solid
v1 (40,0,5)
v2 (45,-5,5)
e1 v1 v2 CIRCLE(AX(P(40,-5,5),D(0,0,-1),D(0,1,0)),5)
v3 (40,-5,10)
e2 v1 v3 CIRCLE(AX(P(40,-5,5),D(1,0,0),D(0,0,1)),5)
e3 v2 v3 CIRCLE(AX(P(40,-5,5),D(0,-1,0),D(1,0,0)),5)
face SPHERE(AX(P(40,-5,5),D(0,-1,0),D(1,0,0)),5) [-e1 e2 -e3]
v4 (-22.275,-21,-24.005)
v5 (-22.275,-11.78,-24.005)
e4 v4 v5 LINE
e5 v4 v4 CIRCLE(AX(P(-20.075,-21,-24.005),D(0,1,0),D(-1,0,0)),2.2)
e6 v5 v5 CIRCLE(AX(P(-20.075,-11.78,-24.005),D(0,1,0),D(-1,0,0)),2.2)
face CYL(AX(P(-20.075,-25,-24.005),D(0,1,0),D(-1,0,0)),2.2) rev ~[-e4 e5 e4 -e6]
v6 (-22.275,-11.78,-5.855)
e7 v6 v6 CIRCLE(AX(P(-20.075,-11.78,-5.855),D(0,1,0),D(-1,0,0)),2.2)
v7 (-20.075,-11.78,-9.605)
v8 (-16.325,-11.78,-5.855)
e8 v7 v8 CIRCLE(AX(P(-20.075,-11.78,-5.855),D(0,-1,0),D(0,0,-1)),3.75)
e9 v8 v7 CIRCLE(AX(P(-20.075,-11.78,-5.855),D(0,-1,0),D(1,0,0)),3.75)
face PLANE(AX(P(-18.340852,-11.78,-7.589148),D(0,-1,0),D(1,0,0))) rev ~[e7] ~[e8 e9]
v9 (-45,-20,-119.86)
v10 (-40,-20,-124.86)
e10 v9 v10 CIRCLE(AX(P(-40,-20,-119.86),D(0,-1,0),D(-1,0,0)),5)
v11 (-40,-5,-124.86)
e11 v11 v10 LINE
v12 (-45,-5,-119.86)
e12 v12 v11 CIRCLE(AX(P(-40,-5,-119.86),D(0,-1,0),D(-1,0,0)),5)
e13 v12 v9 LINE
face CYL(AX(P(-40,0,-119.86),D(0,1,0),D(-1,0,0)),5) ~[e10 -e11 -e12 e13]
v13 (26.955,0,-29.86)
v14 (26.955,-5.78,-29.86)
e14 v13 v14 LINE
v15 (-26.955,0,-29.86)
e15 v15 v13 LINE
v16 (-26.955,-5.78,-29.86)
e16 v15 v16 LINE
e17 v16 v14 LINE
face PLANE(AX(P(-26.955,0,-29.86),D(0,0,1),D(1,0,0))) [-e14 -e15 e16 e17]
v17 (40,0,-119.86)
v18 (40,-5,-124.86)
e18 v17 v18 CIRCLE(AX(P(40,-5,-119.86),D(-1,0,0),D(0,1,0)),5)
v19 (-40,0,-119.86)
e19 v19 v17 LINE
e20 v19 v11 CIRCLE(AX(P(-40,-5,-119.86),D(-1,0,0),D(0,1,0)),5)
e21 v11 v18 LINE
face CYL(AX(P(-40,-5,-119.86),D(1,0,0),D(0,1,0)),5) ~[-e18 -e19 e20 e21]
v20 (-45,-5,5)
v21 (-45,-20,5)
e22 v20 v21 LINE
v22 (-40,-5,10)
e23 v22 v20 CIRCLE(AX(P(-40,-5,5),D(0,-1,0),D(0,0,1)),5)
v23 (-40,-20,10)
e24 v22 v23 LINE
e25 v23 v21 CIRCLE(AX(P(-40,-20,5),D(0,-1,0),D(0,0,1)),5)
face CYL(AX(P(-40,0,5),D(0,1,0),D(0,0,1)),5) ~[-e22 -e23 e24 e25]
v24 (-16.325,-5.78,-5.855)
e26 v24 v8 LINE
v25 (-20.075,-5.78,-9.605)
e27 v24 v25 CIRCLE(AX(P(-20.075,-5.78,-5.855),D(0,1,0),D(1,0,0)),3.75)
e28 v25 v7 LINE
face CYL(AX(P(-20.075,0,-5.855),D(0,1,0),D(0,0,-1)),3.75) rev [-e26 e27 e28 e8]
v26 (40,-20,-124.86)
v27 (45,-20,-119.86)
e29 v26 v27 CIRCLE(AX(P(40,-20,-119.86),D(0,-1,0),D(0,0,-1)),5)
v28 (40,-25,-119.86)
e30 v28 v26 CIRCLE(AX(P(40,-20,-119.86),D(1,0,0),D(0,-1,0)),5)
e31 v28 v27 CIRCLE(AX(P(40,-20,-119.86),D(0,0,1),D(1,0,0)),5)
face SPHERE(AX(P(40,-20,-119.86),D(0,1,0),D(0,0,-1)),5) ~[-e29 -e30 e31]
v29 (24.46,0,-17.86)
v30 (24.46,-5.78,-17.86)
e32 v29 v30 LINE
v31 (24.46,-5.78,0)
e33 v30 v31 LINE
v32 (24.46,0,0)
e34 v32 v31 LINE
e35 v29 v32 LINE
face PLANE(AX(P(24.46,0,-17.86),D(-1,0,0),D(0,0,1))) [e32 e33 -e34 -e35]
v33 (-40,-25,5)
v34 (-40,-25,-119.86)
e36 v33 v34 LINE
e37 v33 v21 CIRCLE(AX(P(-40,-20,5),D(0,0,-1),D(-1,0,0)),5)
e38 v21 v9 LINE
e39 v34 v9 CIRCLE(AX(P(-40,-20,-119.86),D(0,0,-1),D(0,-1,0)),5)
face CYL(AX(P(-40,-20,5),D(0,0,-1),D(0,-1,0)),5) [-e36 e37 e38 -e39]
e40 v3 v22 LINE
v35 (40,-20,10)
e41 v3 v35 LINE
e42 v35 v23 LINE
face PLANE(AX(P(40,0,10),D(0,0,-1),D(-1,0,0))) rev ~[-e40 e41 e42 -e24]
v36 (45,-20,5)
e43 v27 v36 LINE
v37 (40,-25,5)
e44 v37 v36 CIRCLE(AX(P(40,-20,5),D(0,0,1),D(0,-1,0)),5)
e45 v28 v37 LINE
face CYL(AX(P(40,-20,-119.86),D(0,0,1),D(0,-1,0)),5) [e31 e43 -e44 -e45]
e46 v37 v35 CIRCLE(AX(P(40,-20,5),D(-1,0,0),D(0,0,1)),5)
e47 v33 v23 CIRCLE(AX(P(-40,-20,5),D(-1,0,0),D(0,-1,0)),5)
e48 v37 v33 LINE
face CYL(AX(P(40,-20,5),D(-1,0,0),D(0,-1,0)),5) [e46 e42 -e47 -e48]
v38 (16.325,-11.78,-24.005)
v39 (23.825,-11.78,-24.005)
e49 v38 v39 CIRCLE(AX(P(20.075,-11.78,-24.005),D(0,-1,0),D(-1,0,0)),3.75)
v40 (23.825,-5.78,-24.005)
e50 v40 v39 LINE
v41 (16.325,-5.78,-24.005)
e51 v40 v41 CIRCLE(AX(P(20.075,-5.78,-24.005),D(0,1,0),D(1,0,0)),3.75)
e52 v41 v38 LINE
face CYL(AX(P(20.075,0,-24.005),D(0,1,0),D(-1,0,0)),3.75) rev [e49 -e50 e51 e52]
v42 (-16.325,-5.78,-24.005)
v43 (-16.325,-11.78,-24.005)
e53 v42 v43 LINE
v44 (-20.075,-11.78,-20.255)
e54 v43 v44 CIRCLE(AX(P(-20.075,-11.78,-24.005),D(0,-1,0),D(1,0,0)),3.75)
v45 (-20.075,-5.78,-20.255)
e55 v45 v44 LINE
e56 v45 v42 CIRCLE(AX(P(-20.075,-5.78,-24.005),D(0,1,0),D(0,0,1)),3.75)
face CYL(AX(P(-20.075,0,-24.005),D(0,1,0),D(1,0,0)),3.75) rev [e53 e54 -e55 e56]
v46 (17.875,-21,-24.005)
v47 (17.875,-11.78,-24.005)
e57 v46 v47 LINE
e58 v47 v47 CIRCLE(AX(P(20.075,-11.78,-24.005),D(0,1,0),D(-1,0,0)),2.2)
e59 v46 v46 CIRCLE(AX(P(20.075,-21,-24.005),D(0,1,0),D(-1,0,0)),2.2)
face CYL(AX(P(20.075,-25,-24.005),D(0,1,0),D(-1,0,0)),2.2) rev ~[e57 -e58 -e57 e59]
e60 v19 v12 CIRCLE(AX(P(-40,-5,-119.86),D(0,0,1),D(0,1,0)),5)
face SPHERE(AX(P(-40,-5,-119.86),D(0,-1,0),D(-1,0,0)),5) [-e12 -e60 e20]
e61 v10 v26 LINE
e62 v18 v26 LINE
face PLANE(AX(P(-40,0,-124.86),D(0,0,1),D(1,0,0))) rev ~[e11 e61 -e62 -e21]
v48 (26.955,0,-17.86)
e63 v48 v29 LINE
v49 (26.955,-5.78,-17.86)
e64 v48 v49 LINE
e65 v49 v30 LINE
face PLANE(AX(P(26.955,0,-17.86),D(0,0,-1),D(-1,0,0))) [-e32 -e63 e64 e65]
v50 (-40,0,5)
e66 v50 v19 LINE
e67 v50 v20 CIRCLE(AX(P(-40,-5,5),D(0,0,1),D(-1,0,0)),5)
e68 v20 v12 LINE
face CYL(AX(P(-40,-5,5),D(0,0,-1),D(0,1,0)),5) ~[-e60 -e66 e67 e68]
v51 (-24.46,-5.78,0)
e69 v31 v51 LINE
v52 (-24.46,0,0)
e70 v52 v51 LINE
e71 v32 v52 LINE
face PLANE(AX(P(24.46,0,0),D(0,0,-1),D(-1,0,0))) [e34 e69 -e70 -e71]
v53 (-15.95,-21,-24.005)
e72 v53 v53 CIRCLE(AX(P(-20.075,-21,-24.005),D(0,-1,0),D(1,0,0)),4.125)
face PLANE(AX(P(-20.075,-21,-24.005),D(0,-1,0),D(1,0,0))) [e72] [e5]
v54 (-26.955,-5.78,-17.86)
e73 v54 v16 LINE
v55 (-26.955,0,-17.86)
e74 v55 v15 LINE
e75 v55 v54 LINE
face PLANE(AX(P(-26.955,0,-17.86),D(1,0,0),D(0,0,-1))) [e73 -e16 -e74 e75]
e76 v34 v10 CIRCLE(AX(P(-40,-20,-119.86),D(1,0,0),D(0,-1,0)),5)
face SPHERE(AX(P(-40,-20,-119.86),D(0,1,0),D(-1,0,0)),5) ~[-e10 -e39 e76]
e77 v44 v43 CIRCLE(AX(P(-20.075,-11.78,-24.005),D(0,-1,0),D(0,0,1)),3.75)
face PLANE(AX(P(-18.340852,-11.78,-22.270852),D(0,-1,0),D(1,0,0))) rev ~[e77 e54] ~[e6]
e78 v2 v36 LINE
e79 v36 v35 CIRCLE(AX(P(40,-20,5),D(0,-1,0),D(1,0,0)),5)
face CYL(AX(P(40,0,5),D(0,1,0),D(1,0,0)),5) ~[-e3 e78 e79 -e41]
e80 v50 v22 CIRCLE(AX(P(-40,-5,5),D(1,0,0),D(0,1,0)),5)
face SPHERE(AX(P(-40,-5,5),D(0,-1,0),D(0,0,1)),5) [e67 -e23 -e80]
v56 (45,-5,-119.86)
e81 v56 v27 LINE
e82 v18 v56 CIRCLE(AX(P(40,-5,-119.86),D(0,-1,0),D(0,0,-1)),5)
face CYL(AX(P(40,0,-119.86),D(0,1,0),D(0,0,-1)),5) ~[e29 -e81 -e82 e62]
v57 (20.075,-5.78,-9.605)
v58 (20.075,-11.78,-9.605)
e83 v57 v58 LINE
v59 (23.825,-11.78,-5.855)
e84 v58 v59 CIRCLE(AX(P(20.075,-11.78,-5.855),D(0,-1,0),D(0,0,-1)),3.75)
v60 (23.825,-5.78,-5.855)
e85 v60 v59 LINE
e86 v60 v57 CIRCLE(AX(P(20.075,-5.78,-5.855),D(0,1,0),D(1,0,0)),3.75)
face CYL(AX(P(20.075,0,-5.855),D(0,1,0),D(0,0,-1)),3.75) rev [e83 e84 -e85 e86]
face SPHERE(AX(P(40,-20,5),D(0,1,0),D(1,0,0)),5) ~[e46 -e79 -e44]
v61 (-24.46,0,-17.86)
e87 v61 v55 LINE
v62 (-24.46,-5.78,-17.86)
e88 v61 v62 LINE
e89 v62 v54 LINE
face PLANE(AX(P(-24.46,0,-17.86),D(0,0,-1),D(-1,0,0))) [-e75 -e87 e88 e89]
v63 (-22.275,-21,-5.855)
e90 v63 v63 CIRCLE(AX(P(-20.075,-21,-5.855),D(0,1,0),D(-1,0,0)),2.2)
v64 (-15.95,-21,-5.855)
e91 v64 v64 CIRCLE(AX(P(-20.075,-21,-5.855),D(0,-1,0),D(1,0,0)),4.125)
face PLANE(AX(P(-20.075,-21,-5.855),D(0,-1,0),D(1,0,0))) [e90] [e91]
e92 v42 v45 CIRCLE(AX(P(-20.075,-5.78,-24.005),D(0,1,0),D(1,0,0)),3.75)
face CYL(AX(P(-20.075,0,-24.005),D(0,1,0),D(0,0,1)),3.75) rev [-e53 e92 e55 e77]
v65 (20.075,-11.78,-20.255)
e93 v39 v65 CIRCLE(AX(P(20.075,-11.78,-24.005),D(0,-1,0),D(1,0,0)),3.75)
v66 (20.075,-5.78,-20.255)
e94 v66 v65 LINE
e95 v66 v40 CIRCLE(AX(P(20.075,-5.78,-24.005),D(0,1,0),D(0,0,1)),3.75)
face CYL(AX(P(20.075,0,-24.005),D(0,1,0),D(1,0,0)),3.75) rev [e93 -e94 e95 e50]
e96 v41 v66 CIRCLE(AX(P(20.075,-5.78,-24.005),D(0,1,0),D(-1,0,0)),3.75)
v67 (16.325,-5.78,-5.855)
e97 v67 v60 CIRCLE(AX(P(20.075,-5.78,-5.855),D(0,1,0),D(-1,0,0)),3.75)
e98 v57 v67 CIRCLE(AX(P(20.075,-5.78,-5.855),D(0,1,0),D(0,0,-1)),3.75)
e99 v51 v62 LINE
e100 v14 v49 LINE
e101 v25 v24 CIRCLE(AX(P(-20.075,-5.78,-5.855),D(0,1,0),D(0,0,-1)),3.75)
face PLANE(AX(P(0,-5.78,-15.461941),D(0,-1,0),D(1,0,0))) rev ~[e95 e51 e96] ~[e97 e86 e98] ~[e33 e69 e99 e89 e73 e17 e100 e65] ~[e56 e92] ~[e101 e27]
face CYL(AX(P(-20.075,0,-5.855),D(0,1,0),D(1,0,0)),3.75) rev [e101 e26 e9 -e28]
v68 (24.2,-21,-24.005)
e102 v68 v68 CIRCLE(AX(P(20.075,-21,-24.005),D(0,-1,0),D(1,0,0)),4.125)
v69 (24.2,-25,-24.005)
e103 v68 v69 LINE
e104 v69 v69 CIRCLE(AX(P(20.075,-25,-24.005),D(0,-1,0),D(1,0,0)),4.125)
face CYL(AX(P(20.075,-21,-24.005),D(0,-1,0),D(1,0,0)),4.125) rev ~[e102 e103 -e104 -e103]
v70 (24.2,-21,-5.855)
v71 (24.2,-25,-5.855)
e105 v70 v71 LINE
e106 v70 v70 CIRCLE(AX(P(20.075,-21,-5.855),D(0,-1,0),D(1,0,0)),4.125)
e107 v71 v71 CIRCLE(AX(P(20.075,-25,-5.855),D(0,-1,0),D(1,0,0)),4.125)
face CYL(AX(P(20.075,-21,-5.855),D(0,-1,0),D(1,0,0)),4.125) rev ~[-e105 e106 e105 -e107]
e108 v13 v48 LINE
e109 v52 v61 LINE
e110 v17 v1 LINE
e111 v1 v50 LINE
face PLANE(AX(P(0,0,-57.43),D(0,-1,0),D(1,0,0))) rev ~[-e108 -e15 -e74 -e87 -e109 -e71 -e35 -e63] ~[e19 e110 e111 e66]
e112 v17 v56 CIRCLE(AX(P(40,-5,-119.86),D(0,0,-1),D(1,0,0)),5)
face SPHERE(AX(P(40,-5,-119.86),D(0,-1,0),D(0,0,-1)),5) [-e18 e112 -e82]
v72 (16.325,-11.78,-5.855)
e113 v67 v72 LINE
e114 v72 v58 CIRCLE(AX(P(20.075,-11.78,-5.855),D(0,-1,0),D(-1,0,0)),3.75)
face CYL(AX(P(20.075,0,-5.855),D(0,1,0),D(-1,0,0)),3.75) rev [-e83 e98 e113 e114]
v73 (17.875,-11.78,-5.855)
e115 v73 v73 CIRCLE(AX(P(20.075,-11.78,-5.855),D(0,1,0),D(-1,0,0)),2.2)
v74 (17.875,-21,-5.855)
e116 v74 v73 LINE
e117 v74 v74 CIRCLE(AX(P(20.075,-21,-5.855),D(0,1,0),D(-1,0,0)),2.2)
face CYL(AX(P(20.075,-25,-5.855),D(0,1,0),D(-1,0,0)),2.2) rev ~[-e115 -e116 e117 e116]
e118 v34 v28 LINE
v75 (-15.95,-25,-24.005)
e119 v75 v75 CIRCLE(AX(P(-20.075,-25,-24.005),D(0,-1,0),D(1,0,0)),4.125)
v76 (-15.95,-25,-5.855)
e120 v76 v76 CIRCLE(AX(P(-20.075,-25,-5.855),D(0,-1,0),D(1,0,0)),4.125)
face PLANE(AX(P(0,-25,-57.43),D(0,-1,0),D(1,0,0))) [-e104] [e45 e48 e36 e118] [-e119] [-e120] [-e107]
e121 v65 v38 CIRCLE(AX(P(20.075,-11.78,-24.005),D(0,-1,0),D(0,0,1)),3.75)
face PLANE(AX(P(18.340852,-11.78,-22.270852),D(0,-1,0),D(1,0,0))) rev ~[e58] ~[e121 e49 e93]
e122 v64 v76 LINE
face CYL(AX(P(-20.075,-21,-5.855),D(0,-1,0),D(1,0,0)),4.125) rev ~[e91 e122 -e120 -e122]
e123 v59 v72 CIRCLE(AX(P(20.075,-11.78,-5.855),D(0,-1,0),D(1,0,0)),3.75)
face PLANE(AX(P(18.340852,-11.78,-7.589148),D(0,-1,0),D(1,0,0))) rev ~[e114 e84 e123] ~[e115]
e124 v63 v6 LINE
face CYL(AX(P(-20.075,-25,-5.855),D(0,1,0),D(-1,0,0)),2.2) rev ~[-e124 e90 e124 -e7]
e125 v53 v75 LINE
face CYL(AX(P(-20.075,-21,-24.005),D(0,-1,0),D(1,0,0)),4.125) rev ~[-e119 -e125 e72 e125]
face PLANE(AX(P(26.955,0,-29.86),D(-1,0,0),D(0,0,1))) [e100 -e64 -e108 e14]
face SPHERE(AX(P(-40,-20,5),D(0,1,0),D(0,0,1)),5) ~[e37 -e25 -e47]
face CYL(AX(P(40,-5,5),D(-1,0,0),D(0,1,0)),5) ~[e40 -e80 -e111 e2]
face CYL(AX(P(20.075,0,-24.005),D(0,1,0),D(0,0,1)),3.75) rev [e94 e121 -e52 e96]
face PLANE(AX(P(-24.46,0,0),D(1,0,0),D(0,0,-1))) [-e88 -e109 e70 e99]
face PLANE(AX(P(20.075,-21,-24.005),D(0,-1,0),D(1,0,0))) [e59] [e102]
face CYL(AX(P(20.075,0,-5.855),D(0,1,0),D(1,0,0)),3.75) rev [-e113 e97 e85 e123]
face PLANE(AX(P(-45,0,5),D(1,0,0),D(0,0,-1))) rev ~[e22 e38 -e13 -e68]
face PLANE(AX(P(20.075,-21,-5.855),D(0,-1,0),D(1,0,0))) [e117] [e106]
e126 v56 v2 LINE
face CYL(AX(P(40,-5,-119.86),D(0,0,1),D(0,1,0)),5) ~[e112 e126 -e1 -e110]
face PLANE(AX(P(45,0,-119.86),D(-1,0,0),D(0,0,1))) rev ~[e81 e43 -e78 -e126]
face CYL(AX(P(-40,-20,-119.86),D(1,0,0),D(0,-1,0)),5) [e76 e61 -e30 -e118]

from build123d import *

# Parameters (mm, degrees)
F1_DEPTH       = 25
F3_DEPTH       = 5.78
F4_DEPTH       = 11.78
F5_R           = 5
F6_R           = 5
F8_D           = 4.4
F8_CBORE_D     = 8.25
F8_CBORE_DEPTH = 4


with BuildPart() as f1:
    # F0 (on Front) → F1 (new body)
    with BuildSketch(Plane.XZ):
        with BuildLine():
            Line((40, 10), (-40, 10))
            ThreePointArc((-40, 10), (-43.5355339059, 8.5355339059), (-45, 5))
            Line((-45, 5), (-45, -119.86))
            ThreePointArc((-45, -119.86), (-43.5355339059, -123.3955339059), (-40, -124.86))
            Line((-40, -124.86), (40, -124.86))
            ThreePointArc((40, -124.86), (43.5355339059, -123.3955339059), (45, -119.86))
            Line((45, -119.86), (45, 5))
            ThreePointArc((45, 5), (43.5355339059, 8.5355339059), (40, 10))
        make_face()
    extrude(amount=F1_DEPTH)

    # F2 (on Front) → F3 (cut)
    with BuildSketch(Plane.XZ):
        Polygon((24.46, 0), (-24.46, 0), (-24.46, -17.86), (-26.955, -17.86), (-26.955, -29.86), (26.955, -29.86), (26.955, -17.86), (24.46, -17.86), align=None)
        with BuildLine():
            ThreePointArc((-20.075, -9.605), (-22.7266504294, -3.2033495706), (-16.325, -5.855))
            Line((-16.325, -5.855), (16.325, -5.855))
            ThreePointArc((16.325, -5.855), (20.075, -2.105), (23.825, -5.855))
            ThreePointArc((23.825, -5.855), (22.7266504294, -8.5066504294), (20.075, -9.605))
            Line((20.075, -9.605), (20.075, -20.255))
            ThreePointArc((20.075, -20.255), (22.7266504294, -21.3533495706), (23.825, -24.005))
            ThreePointArc((23.825, -24.005), (20.075, -27.755), (16.325, -24.005))
            Line((16.325, -24.005), (-16.325, -24.005))
            ThreePointArc((-16.325, -24.005), (-22.7266504294, -26.6566504294), (-20.075, -20.255))
            Line((-20.075, -20.255), (-20.075, -9.605))
        make_face(mode=Mode.SUBTRACT)
        with BuildLine():
            Line((16.325, -5.855), (-16.325, -5.855))
            ThreePointArc((-16.325, -5.855), (-17.4233495706, -8.5066504294), (-20.075, -9.605))
            Line((-20.075, -9.605), (-20.075, -20.255))
            ThreePointArc((-20.075, -20.255), (-17.4233495706, -21.3533495706), (-16.325, -24.005))
            Line((-16.325, -24.005), (16.325, -24.005))
            ThreePointArc((16.325, -24.005), (17.4233495706, -21.3533495706), (20.075, -20.255))
            Line((20.075, -20.255), (20.075, -9.605))
            ThreePointArc((20.075, -9.605), (17.4233495706, -8.5066504294), (16.325, -5.855))
        make_face()
    extrude(amount=F3_DEPTH, mode=Mode.SUBTRACT)

    # F2 (on Front) → F4 (cut, through all)
    with BuildSketch(Plane.XZ):
        with BuildLine():
            Line((-16.325, -5.855), (-18.45, -5.855))
            ThreePointArc((-18.45, -5.855), (-18.9259514806, -7.0040485194), (-20.075, -7.48))
            Line((-20.075, -7.48), (-20.075, -9.605))
            ThreePointArc((-20.075, -9.605), (-17.4233495706, -8.5066504294), (-16.325, -5.855))
        make_face()
        with BuildLine():
            Line((-18.45, -5.855), (-20.075, -5.855))
            Line((-20.075, -5.855), (-20.075, -7.48))
            ThreePointArc((-20.075, -7.48), (-18.9259514806, -7.0040485194), (-18.45, -5.855))
        make_face()
        with BuildLine():
            Line((-20.075, -7.48), (-20.075, -5.855))
            Line((-20.075, -5.855), (-18.45, -5.855))
            ThreePointArc((-18.45, -5.855), (-21.2240485194, -4.7059514806), (-20.075, -7.48))
        make_face()
        with BuildLine():
            ThreePointArc((-20.075, -7.48), (-21.2240485194, -4.7059514806), (-18.45, -5.855))
            Line((-18.45, -5.855), (-16.325, -5.855))
            ThreePointArc((-16.325, -5.855), (-22.7266504294, -3.2033495706), (-20.075, -9.605))
            Line((-20.075, -9.605), (-20.075, -7.48))
        make_face()
        with BuildLine():
            ThreePointArc((-16.325, -24.005), (-17.4233495706, -21.3533495706), (-20.075, -20.255))
            Line((-20.075, -20.255), (-20.075, -22.38))
            ThreePointArc((-20.075, -22.38), (-18.9259514806, -22.8559514806), (-18.45, -24.005))
            Line((-18.45, -24.005), (-16.325, -24.005))
        make_face()
        with BuildLine():
            ThreePointArc((-18.45, -24.005), (-18.9259514806, -22.8559514806), (-20.075, -22.38))
            Line((-20.075, -22.38), (-20.075, -24.005))
            Line((-20.075, -24.005), (-18.45, -24.005))
        make_face()
        with BuildLine():
            Line((-20.075, -22.38), (-20.075, -20.255))
            ThreePointArc((-20.075, -20.255), (-22.7266504294, -26.6566504294), (-16.325, -24.005))
            Line((-16.325, -24.005), (-18.45, -24.005))
            ThreePointArc((-18.45, -24.005), (-21.2240485194, -25.1540485194), (-20.075, -22.38))
        make_face()
        with BuildLine():
            Line((-20.075, -24.005), (-20.075, -22.38))
            ThreePointArc((-20.075, -22.38), (-21.2240485194, -25.1540485194), (-18.45, -24.005))
            Line((-18.45, -24.005), (-20.075, -24.005))
        make_face()
        with BuildLine():
            Line((18.45, -5.855), (16.325, -5.855))
            ThreePointArc((16.325, -5.855), (17.4233495706, -8.5066504294), (20.075, -9.605))
            Line((20.075, -9.605), (20.075, -7.48))
            ThreePointArc((20.075, -7.48), (18.9259514806, -7.0040485194), (18.45, -5.855))
        make_face()
        with BuildLine():
            Line((20.075, -5.855), (18.45, -5.855))
            ThreePointArc((18.45, -5.855), (18.9259514806, -7.0040485194), (20.075, -7.48))
            Line((20.075, -7.48), (20.075, -5.855))
        make_face()
        with BuildLine():
            ThreePointArc((23.825, -5.855), (20.075, -2.105), (16.325, -5.855))
            Line((16.325, -5.855), (18.45, -5.855))
            ThreePointArc((18.45, -5.855), (20.075, -4.23), (21.7, -5.855))
            ThreePointArc((21.7, -5.855), (21.2240485194, -7.0040485194), (20.075, -7.48))
            Line((20.075, -7.48), (20.075, -9.605))
            ThreePointArc((20.075, -9.605), (22.7266504294, -8.5066504294), (23.825, -5.855))
        make_face()
        with BuildLine():
            ThreePointArc((21.7, -5.855), (20.075, -4.23), (18.45, -5.855))
            Line((18.45, -5.855), (20.075, -5.855))
            Line((20.075, -5.855), (20.075, -7.48))
            ThreePointArc((20.075, -7.48), (21.2240485194, -7.0040485194), (21.7, -5.855))
        make_face()
        with BuildLine():
            Line((20.075, -22.38), (20.075, -20.255))
            ThreePointArc((20.075, -20.255), (17.4233495706, -21.3533495706), (16.325, -24.005))
            Line((16.325, -24.005), (18.45, -24.005))
            ThreePointArc((18.45, -24.005), (18.9259514806, -22.8559514806), (20.075, -22.38))
        make_face()
        with BuildLine():
            Line((20.075, -24.005), (20.075, -22.38))
            ThreePointArc((20.075, -22.38), (18.9259514806, -22.8559514806), (18.45, -24.005))
            Line((18.45, -24.005), (20.075, -24.005))
        make_face()
        with BuildLine():
            ThreePointArc((21.7, -24.005), (21.2240485194, -22.8559514806), (20.075, -22.38))
            Line((20.075, -22.38), (20.075, -24.005))
            Line((20.075, -24.005), (18.45, -24.005))
            ThreePointArc((18.45, -24.005), (20.075, -25.63), (21.7, -24.005))
        make_face()
        with BuildLine():
            ThreePointArc((23.825, -24.005), (22.7266504294, -21.3533495706), (20.075, -20.255))
            Line((20.075, -20.255), (20.075, -22.38))
            ThreePointArc((20.075, -22.38), (21.2240485194, -22.8559514806), (21.7, -24.005))
            ThreePointArc((21.7, -24.005), (20.075, -25.63), (18.45, -24.005))
            Line((18.45, -24.005), (16.325, -24.005))
            ThreePointArc((16.325, -24.005), (20.075, -27.755), (23.825, -24.005))
        make_face()
    extrude(amount=F4_DEPTH, mode=Mode.SUBTRACT)

    # F5
    f5_edges = [f1.edges().sort_by_distance(p)[0] for p in [
        (0, 0, -124.86),
        (-43.535534, 0, -123.395534),
        (43.535534, 0, -123.395534),
        (45, 0, -57.43),
        (-45, 0, -57.43),
        (0, 0, 10),
        (-43.535534, 0, 8.535534),
        (43.535534, 0, 8.535534),
    ]]
    fillet(f5_edges, radius=F5_R)

    # F6
    f6_edges = [f1.edges().sort_by_distance(p)[0] for p in [
        (0, -25, -124.86),
    ]]
    fillet(f6_edges, radius=F6_R)

    # F8 (through all)
    with Locations(Plane.XZ.offset(25)):
        with Locations((-20.075, -24.005), (-20.075, -5.855), (20.075, -5.855), (20.075, -24.005)):
            CounterBoreHole(F8_D / 2, F8_CBORE_D / 2, F8_CBORE_DEPTH)


solid = f1.part
